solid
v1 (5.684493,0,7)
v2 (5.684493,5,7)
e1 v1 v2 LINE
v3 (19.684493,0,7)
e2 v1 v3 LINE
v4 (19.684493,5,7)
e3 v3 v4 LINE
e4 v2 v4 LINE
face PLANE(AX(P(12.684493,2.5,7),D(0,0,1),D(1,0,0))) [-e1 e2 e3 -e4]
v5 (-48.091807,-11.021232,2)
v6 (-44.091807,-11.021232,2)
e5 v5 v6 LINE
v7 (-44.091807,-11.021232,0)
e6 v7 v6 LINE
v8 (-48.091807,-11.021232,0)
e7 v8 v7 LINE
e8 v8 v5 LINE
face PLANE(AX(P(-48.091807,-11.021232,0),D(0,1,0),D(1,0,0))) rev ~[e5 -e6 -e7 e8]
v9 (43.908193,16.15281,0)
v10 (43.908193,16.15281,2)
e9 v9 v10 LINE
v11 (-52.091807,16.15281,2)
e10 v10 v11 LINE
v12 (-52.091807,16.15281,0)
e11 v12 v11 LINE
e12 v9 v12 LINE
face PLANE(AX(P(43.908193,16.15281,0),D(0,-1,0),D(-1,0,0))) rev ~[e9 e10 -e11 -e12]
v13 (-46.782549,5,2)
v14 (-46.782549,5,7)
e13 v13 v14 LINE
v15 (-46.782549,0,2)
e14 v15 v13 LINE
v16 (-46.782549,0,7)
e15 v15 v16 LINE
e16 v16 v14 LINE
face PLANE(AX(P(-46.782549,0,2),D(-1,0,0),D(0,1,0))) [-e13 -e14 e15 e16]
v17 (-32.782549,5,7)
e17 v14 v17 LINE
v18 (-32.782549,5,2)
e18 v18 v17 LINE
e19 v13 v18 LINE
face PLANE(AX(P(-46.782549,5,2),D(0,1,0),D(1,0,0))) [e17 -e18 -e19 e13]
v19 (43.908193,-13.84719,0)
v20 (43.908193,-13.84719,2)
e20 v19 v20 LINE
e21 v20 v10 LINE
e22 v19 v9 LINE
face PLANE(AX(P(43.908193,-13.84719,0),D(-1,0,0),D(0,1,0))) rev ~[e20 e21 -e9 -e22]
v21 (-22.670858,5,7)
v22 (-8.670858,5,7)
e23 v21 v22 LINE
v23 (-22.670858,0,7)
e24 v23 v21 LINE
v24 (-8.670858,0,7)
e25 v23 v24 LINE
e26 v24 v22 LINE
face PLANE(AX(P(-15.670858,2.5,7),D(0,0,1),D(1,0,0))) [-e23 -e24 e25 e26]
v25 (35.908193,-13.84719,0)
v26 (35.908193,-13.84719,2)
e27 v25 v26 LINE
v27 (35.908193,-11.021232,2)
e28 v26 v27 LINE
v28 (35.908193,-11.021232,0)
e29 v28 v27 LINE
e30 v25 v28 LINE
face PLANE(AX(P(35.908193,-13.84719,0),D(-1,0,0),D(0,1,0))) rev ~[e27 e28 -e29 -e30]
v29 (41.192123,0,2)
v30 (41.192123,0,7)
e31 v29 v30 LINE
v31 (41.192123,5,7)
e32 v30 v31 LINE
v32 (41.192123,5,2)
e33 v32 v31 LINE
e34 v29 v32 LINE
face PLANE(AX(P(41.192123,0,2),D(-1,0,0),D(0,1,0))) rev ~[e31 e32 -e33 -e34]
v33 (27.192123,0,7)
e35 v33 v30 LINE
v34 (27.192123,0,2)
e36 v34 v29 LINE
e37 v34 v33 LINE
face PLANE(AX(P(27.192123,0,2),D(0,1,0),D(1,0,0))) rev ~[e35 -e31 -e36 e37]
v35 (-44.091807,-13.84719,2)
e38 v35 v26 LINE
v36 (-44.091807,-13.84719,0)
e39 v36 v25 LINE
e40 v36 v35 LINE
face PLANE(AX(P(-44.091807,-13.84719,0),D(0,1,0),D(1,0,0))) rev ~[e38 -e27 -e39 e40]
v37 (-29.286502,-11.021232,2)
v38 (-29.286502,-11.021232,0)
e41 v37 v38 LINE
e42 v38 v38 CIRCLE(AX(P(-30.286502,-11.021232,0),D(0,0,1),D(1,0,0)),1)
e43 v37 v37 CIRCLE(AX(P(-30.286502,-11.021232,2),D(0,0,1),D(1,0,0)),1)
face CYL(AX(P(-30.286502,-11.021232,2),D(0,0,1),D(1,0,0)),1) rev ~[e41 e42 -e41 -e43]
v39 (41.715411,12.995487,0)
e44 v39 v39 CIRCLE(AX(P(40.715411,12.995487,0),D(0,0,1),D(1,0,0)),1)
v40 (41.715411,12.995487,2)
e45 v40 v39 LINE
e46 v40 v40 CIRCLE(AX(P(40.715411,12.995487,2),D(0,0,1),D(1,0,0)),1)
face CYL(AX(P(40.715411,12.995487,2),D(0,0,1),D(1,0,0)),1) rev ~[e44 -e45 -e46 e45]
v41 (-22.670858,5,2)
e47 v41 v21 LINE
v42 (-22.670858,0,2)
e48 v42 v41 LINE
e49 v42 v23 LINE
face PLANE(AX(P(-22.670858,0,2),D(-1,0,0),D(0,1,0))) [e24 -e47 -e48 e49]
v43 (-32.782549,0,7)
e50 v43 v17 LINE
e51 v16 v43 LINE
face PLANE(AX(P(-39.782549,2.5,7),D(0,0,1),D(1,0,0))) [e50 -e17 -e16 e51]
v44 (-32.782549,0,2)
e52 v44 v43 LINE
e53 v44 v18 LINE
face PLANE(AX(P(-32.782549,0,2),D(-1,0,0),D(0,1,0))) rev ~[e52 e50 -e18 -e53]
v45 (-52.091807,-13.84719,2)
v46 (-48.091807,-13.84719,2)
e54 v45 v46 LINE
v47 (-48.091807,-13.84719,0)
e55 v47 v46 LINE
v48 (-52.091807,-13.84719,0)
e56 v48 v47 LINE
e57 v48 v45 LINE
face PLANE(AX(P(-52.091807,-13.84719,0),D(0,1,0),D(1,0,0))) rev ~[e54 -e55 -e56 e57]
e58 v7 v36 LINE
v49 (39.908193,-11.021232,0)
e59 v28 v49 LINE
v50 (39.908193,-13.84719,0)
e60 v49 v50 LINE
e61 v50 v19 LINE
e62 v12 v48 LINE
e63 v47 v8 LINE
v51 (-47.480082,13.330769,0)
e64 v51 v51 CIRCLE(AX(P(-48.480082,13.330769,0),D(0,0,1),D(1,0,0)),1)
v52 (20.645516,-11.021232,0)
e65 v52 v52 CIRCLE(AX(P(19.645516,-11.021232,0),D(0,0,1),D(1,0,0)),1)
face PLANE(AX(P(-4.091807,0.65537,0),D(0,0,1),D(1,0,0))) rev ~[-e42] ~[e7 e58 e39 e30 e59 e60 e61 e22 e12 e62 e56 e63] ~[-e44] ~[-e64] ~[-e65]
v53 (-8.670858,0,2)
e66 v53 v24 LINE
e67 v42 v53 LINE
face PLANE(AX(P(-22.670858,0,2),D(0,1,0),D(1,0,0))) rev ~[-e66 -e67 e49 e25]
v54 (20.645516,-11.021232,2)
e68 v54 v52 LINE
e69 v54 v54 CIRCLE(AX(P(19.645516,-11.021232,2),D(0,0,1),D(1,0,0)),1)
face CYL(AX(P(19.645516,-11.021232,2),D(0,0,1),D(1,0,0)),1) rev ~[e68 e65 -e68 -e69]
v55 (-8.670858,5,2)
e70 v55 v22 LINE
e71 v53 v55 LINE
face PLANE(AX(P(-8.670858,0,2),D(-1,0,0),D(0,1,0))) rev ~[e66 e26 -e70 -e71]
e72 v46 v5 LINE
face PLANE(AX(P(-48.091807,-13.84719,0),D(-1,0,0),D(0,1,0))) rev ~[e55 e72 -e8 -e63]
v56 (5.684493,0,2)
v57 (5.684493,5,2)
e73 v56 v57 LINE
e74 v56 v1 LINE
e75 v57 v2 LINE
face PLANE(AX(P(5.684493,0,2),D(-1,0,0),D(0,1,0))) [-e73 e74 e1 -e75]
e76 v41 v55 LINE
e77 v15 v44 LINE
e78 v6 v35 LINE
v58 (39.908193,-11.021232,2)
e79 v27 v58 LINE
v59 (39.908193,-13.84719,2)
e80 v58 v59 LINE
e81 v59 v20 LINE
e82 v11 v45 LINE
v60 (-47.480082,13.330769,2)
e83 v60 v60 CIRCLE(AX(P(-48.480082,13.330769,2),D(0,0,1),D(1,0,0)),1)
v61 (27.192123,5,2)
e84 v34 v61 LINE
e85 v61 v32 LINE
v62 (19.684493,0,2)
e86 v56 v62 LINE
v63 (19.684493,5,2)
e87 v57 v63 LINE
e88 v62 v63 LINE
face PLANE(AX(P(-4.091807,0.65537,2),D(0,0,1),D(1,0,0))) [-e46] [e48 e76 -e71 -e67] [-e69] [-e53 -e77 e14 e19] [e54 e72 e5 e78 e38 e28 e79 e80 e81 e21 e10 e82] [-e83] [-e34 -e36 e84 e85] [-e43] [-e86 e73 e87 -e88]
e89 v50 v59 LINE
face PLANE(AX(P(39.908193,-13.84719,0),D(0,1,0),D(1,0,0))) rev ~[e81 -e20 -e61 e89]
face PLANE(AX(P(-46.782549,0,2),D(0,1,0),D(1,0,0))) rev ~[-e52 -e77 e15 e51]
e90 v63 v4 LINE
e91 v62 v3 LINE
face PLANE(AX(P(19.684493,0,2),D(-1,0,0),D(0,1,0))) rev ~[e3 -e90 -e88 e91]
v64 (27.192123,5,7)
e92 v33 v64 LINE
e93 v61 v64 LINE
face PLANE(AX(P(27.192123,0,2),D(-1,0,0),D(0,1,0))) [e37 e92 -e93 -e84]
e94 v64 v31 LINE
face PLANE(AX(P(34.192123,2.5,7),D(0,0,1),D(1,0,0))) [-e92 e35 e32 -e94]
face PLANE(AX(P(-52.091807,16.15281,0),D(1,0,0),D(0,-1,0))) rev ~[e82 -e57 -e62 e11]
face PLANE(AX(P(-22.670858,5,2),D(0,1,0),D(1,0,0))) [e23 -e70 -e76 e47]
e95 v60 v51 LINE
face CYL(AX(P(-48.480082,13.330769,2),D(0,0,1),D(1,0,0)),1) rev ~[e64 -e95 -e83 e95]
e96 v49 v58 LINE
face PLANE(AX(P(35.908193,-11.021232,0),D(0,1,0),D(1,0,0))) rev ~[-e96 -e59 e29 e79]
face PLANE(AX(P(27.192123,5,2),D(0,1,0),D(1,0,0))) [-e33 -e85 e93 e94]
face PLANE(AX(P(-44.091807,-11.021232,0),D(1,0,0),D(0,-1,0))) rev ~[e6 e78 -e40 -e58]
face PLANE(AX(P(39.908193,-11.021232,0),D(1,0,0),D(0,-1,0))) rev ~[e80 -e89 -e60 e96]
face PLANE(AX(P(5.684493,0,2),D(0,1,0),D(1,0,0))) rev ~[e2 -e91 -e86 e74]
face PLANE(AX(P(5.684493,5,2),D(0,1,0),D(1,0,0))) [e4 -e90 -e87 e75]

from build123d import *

# Parameters (mm, degrees)
F1_DEPTH = 2
F2_W     = 14
F2_H     = 5
F3_DEPTH = 5
F4_R     = 1
F5_DEPTH = 25


with BuildPart() as f1:
    # F0 (on Top) → F1 (new body)
    with BuildSketch(Plane.XY):
        Polygon((43.908193, 16.15281), (-52.091807, 16.15281), (-52.091807, -13.84719), (-48.091807, -13.84719), (-48.091807, -11.021232), (-44.091807, -11.021232), (-44.091807, -13.84719), (35.908193, -13.84719), (35.908193, -11.021232), (39.908193, -11.021232), (39.908193, -13.84719), (43.908193, -13.84719), align=None)
    extrude(amount=F1_DEPTH)

    # F2 (on face) → F3 (join)
    with BuildSketch(Plane.XY.offset(2)):
        with Locations((-39.782549, 2.5)):
            Rectangle(F2_W, F2_H)
        with Locations((-15.670858, 2.5)):
            Rectangle(F2_W, F2_H)
        with Locations((12.684493, 2.5)):
            Rectangle(F2_W, F2_H)
        with Locations((34.192123, 2.5)):
            Rectangle(F2_W, F2_H)
    extrude(amount=F3_DEPTH)

    # F4 (on face) → F5 (cut)
    with BuildSketch(Plane.XY.offset(2)):
        with Locations((-48.480082, 13.330769)):
            Circle(F4_R)
        with Locations((40.715411, 12.995487)):
            Circle(F4_R)
        with Locations((19.645516, -11.021232)):
            Circle(F4_R)
        with Locations((-30.286502, -11.021232)):
            Circle(F4_R)
    extrude(amount=-F5_DEPTH, mode=Mode.SUBTRACT)


solid = f1.part
